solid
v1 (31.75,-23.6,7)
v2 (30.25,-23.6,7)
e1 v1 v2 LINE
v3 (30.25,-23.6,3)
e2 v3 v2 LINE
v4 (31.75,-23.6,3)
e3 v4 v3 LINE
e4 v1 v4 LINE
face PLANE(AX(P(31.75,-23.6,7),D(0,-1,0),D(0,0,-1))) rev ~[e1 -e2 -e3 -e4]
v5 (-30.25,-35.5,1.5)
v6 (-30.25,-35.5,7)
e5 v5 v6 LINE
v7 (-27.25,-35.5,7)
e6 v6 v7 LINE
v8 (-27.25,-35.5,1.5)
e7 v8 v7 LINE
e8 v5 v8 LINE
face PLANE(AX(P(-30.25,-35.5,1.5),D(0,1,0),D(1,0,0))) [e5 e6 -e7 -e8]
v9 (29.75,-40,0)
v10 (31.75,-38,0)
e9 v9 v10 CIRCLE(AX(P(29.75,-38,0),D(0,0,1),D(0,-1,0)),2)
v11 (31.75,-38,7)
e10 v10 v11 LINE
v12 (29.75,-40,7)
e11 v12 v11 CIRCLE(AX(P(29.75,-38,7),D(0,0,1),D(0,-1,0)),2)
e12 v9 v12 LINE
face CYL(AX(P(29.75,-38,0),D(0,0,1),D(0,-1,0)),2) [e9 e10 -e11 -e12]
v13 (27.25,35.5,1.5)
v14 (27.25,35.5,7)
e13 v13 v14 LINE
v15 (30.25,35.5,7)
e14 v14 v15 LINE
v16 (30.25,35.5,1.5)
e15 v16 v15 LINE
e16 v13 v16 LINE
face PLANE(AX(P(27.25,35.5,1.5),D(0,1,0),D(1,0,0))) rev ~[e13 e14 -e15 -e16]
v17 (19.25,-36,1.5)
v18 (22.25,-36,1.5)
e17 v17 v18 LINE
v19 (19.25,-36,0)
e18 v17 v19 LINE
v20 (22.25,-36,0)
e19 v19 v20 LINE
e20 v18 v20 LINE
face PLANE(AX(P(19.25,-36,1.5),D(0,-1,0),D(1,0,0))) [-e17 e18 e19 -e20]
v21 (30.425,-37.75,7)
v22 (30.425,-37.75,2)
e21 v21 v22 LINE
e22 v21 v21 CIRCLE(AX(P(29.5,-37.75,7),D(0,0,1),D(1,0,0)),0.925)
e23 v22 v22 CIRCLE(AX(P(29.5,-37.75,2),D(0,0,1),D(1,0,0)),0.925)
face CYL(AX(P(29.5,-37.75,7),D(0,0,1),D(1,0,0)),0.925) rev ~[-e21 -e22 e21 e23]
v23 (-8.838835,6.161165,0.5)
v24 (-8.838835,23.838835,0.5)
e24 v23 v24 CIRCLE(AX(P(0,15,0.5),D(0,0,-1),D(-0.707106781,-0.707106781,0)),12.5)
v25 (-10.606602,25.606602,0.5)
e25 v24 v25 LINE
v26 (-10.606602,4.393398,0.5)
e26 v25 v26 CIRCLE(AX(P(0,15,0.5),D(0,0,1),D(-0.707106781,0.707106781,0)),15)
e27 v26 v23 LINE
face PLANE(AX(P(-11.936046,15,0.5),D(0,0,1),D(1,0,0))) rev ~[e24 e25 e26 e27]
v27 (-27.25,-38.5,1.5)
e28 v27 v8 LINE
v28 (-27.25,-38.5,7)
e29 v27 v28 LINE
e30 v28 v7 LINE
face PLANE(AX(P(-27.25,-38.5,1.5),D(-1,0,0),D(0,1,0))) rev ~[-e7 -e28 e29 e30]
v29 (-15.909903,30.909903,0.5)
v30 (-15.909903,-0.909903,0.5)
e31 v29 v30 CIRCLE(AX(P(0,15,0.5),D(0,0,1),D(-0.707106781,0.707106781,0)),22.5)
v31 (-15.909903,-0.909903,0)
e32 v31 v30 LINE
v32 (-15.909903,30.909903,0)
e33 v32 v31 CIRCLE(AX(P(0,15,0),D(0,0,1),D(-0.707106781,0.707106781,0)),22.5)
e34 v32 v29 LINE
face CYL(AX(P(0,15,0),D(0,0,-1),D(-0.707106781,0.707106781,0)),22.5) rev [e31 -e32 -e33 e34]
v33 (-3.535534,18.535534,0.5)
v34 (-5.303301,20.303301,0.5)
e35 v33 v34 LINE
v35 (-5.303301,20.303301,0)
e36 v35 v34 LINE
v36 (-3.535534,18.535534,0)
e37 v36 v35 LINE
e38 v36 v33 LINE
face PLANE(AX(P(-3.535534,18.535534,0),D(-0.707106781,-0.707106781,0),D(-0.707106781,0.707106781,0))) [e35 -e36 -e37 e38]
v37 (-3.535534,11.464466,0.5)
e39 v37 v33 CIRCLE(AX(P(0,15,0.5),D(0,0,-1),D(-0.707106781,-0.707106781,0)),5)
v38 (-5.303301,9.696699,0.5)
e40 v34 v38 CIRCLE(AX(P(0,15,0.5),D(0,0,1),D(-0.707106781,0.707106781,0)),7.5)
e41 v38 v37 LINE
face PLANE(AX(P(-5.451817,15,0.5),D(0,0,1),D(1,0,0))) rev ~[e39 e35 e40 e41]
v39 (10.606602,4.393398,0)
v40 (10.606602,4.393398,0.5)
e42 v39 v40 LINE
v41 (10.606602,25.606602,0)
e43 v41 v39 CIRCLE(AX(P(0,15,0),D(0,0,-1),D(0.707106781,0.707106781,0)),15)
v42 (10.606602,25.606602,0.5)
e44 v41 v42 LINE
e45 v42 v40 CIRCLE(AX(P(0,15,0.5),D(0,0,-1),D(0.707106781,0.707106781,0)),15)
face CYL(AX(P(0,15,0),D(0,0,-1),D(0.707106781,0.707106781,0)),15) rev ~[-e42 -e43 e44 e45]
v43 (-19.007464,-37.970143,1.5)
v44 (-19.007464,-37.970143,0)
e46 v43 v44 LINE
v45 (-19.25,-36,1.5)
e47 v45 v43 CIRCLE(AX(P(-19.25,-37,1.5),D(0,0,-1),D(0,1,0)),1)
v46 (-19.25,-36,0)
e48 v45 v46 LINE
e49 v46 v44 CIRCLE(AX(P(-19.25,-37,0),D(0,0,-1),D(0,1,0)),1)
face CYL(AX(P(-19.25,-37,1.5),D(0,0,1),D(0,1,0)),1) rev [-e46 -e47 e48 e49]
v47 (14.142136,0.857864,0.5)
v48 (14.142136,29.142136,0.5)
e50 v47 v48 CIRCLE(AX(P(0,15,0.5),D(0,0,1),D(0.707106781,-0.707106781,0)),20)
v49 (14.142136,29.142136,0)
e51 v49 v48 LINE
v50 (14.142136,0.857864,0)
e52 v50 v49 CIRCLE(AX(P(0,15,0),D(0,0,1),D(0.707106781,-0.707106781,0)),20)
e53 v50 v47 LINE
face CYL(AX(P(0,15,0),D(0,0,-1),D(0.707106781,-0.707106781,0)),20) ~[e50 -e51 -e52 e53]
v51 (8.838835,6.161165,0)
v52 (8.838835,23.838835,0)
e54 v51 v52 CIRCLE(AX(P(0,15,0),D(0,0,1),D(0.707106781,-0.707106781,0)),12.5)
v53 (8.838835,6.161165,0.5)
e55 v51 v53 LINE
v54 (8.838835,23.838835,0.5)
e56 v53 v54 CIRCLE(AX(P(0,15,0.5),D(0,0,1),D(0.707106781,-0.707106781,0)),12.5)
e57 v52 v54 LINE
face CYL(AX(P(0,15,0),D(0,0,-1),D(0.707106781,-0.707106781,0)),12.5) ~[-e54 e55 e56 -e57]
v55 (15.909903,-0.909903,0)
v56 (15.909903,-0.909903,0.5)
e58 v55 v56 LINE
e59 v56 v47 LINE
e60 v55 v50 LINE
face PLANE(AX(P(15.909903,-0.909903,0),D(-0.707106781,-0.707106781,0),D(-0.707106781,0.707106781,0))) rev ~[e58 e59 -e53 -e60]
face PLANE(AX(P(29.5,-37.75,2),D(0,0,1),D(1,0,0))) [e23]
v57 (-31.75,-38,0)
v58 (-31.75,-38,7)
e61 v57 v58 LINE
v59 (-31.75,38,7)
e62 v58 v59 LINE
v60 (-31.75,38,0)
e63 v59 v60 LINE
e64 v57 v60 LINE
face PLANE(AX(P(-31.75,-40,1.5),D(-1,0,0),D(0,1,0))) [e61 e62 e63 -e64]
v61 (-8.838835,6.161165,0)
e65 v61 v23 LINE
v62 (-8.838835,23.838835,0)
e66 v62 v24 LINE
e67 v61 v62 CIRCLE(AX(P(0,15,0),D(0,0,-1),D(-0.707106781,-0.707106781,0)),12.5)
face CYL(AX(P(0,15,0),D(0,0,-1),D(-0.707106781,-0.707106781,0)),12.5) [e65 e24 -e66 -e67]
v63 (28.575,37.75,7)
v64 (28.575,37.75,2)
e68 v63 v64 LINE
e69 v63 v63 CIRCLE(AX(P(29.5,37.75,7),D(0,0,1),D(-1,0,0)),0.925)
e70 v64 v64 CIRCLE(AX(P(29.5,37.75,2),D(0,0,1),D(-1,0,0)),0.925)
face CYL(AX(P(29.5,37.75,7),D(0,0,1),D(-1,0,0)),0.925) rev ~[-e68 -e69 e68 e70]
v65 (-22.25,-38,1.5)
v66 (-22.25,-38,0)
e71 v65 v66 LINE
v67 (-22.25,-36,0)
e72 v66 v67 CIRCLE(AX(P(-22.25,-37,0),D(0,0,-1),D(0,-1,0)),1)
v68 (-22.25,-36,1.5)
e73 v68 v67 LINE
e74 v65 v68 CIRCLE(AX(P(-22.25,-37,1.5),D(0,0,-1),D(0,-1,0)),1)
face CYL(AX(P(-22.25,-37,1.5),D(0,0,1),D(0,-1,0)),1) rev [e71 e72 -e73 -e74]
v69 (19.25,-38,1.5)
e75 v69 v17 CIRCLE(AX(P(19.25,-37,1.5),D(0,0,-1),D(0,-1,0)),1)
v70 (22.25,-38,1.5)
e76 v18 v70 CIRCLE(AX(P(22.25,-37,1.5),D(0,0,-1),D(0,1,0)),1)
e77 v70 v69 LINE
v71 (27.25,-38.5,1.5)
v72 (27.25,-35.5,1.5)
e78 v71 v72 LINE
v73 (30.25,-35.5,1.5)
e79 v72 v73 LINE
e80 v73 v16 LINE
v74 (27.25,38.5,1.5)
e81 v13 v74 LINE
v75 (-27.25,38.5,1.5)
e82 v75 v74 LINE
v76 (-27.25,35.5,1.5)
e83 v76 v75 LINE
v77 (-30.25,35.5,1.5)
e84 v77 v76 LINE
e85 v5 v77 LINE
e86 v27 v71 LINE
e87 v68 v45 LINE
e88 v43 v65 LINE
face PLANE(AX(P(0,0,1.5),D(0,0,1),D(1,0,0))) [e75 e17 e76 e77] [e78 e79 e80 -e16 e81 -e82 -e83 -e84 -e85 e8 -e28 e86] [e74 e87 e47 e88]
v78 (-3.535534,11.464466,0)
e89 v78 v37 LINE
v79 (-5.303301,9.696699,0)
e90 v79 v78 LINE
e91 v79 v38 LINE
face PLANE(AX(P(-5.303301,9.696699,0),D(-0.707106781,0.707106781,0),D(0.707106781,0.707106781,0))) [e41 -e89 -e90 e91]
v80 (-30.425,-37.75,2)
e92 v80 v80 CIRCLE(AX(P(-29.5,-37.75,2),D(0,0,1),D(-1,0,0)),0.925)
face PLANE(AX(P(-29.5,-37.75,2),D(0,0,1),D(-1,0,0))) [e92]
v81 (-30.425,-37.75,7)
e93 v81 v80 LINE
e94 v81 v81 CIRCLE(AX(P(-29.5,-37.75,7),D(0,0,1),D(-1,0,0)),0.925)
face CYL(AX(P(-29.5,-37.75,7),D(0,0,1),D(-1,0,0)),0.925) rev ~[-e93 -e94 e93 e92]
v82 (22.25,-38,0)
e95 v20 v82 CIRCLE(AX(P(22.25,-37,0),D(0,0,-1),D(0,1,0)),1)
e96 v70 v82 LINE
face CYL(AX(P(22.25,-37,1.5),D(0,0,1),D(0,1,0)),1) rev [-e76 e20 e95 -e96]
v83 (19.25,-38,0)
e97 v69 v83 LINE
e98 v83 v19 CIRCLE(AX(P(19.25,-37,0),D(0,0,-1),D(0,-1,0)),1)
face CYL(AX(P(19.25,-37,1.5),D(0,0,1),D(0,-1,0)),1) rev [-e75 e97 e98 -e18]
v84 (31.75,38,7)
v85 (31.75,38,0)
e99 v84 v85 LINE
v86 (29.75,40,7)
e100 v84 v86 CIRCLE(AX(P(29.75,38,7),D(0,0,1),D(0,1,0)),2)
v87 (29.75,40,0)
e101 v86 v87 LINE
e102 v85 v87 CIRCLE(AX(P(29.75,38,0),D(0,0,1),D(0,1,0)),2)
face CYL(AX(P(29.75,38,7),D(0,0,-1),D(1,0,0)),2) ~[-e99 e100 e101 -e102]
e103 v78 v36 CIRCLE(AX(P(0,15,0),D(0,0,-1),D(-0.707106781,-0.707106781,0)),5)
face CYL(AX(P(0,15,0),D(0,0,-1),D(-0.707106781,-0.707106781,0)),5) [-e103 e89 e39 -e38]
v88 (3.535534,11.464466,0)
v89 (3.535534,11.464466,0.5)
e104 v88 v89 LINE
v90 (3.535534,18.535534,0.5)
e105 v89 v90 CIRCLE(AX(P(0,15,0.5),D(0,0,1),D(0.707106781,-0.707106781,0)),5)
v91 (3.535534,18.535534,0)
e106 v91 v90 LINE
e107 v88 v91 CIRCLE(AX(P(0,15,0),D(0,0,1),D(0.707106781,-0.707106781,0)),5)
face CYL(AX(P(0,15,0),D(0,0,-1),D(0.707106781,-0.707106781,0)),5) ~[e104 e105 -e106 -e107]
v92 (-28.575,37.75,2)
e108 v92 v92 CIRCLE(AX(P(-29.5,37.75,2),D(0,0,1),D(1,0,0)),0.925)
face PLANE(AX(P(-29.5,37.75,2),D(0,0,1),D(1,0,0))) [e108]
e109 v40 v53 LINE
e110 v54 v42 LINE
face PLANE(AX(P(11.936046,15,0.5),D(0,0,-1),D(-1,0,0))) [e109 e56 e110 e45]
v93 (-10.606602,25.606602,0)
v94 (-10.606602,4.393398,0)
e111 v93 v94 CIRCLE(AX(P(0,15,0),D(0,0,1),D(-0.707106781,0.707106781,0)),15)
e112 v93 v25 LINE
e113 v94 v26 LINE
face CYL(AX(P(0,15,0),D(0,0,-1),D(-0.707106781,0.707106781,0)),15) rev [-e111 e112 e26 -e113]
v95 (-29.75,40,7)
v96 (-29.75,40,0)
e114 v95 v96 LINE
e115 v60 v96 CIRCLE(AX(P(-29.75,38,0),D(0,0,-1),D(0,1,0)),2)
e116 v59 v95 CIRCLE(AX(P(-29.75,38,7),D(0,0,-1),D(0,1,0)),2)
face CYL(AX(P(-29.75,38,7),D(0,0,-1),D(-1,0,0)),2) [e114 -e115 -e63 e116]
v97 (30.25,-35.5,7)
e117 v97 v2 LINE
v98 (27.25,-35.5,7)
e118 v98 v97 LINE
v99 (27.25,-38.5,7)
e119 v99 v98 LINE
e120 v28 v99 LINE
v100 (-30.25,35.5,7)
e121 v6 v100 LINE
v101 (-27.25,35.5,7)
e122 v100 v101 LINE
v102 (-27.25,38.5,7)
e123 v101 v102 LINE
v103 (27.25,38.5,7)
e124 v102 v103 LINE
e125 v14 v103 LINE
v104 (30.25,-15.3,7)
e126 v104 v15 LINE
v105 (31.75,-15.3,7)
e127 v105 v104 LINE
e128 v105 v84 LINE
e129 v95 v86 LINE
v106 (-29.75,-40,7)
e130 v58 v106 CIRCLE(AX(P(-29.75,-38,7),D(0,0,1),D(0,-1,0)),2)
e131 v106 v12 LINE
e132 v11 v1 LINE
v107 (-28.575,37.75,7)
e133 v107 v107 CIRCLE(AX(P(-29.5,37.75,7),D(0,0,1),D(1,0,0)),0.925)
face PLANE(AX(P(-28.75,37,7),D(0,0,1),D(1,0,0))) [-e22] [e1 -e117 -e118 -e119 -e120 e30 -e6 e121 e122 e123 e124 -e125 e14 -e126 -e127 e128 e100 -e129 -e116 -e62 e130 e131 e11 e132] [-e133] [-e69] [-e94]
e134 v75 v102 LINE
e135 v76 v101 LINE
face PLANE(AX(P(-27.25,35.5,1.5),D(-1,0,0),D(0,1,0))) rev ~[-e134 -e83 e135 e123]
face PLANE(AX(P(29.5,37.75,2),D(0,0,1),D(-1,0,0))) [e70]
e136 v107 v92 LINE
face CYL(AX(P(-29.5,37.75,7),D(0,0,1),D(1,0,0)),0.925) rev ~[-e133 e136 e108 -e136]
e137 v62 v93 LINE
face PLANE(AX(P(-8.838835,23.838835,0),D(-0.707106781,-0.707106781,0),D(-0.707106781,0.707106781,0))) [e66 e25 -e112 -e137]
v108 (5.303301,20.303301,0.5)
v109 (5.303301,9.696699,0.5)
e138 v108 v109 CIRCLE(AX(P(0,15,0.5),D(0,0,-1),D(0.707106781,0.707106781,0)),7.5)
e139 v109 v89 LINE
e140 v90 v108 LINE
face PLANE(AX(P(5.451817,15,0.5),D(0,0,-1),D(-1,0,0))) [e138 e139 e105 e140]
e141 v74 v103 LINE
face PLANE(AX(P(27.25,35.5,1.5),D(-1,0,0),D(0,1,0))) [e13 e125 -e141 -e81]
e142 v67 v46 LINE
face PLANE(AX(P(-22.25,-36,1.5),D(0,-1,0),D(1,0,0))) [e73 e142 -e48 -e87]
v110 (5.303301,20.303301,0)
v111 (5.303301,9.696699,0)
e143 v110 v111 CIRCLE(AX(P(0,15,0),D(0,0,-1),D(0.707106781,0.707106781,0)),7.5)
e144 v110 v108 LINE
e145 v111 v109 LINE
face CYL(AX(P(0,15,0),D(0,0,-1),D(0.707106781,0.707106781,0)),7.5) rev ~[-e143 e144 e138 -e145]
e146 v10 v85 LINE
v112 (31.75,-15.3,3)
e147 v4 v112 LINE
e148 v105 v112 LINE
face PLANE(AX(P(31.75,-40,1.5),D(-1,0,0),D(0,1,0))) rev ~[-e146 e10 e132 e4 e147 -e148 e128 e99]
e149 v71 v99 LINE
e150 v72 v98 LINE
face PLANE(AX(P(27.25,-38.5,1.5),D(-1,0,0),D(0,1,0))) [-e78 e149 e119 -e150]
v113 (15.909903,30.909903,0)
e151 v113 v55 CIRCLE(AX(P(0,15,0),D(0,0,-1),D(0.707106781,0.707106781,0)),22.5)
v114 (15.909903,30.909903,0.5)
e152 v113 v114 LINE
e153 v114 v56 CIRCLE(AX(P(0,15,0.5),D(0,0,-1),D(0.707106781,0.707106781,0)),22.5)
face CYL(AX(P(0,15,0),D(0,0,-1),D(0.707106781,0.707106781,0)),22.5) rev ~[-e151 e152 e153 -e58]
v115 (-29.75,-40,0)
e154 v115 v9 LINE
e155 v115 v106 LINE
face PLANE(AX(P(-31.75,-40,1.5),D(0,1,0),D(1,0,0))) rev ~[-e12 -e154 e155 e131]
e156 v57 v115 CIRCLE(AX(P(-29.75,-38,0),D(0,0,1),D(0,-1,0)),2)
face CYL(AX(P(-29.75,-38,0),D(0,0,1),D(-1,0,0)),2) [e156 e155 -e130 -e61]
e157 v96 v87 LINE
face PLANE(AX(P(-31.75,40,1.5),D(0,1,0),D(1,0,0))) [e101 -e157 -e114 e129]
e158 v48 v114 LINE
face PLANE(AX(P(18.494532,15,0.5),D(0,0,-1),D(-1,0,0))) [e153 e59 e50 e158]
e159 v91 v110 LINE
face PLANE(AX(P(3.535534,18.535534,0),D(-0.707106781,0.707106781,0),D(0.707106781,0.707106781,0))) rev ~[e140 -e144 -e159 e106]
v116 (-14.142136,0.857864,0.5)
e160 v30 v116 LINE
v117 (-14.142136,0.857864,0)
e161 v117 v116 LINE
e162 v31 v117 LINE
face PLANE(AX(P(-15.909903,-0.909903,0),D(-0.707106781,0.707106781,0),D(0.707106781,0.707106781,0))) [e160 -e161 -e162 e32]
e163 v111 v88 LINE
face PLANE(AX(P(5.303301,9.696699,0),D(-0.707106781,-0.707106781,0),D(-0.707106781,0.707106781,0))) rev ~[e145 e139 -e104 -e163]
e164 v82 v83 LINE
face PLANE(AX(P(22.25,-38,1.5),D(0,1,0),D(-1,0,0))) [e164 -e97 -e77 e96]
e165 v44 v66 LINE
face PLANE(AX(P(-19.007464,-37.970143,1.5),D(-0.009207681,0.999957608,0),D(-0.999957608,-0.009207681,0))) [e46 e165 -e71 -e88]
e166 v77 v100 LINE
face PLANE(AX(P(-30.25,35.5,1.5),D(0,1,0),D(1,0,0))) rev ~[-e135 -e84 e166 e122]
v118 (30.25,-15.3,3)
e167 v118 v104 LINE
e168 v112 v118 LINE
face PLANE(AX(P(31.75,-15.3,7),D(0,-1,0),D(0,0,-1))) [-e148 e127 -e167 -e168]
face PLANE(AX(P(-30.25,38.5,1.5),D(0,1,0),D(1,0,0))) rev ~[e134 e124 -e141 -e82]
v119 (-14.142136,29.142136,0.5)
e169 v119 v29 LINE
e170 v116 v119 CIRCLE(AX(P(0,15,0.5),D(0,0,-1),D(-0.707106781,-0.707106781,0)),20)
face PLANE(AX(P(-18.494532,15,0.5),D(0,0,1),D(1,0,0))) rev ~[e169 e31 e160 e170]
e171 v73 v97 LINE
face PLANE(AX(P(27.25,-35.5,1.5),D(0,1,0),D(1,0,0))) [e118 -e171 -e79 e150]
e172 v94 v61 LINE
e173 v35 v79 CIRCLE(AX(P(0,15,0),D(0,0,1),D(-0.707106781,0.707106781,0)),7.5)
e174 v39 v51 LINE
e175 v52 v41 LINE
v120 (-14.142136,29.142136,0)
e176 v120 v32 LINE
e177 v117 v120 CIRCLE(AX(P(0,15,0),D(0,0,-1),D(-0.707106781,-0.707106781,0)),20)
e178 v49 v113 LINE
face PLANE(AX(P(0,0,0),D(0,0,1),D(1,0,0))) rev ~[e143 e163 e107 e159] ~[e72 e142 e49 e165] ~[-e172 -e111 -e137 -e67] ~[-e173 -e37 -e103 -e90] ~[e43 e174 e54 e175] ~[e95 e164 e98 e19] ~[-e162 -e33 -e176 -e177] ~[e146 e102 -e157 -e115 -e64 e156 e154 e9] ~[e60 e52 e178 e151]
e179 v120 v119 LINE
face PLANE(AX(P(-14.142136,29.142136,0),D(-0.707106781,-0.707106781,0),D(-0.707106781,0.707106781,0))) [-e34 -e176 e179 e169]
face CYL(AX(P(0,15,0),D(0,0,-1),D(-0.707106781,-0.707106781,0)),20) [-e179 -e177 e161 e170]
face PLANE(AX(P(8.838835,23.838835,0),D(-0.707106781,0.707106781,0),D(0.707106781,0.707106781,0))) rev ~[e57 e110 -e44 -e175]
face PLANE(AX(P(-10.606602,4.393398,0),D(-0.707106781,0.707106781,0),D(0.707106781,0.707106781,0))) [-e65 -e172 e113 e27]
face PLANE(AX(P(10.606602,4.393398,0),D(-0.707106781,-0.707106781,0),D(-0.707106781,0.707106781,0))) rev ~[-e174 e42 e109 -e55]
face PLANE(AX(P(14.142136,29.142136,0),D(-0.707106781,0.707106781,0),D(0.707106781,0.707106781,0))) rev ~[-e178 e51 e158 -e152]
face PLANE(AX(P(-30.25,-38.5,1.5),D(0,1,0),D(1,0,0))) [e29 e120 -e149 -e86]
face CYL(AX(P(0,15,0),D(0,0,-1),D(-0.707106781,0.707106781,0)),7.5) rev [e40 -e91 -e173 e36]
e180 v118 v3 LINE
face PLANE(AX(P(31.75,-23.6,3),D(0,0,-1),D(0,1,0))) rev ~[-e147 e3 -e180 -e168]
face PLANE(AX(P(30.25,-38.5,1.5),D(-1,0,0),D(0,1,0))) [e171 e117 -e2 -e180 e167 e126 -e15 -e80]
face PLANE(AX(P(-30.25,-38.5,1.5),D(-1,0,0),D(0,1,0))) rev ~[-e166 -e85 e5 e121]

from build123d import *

# Parameters (mm, degrees)
IZIM1_W                     = 63.5
IZIM1_H                     = 80
Y_KSEKLIK_EKSTR_ZYON1_DEPTH = 1.5
IZIM2_W                     = 63.5
IZIM2_H                     = 80
IZIM2_W_2                   = 60.5
IZIM2_H_2                   = 77
Y_KSEKLIK_EKSTR_ZYON2_DEPTH = 5.5
RADYUS1_R                   = 2
KES_EKSTR_ZYON2_DEPTH       = 0.5
IZIM8_W                     = 3
IZIM8_H                     = 3
Y_KSEKLIK_EKSTR_ZYON4_DEPTH = 5.5
IZIM9_R                     = 0.925
KES_EKSTR_ZYON4_DEPTH       = 5
IZIM10_W                    = 4
IZIM10_H                    = 8.3
KES_EKSTR_ZYON5_DEPTH       = 2
KES_EKSTR_ZYON6_DEPTH       = 1.5


with BuildPart() as part:
    # Çizim1 → Yükseklik-Ekstrüzyon1 (new body)
    with BuildSketch(Plane.XY):
        Rectangle(IZIM1_W, IZIM1_H)
    extrude(amount=Y_KSEKLIK_EKSTR_ZYON1_DEPTH)

    # Çizim2 → Yükseklik-Ekstrüzyon2 (add)
    with BuildSketch(Plane.XY.offset(1.5)):
        Rectangle(IZIM2_W, IZIM2_H)
        Rectangle(IZIM2_W_2, IZIM2_H_2, mode=Mode.SUBTRACT)
    extrude(amount=Y_KSEKLIK_EKSTR_ZYON2_DEPTH)

    # Radyus1
    radyus1_edges = [part.edges().sort_by_distance(p)[0] for p in [
        (31.75, -40, 3.5),
        (-31.75, -40, 3.5),
        (-31.75, 40, 3.5),
        (31.75, 40, 3.5),
    ]]
    fillet(radyus1_edges, radius=RADYUS1_R)

    # Çizim6 → Kes-Ekstrüzyon2 (cut)
    with BuildSketch(Plane(origin=(0, 0, 0), x_dir=(-1, 0, 0), z_dir=(0, 0, -1))):
        with BuildLine():
            Line((-3.535533906, 18.535533906), (-5.303300859, 20.303300859))
            ThreePointArc((-5.303300859, 20.303300859), (-7.5, 15), (-5.303300859, 9.696699141))
            Line((-5.303300859, 9.696699141), (-3.535533906, 11.464466094))
            ThreePointArc((-3.535533906, 11.464466094), (-5, 15), (-3.535533906, 18.535533906))
        make_face()
        with BuildLine():
            Line((3.535533906, 18.535533906), (5.303300859, 20.303300859))
            ThreePointArc((5.303300859, 20.303300859), (7.5, 15), (5.303300859, 9.696699141))
            Line((5.303300859, 9.696699141), (3.535533906, 11.464466094))
            ThreePointArc((3.535533906, 11.464466094), (5, 15), (3.535533906, 18.535533906))
        make_face()
        with BuildLine():
            Line((-8.838834765, 23.838834765), (-10.606601718, 25.606601718))
            ThreePointArc((-10.606601718, 25.606601718), (-15, 15), (-10.606601718, 4.393398282))
            Line((-10.606601718, 4.393398282), (-8.838834765, 6.161165235))
            ThreePointArc((-8.838834765, 6.161165235), (-12.5, 15), (-8.838834765, 23.838834765))
        make_face()
        with BuildLine():
            Line((-14.142135624, 29.142135624), (-15.909902577, 30.909902577))
            ThreePointArc((-15.909902577, 30.909902577), (-22.5, 15), (-15.909902577, -0.909902577))
            Line((-15.909902577, -0.909902577), (-14.142135624, 0.857864376))
            ThreePointArc((-14.142135624, 0.857864376), (-20, 15), (-14.142135624, 29.142135624))
        make_face()
        with BuildLine():
            Line((8.838834765, 23.838834765), (10.606601718, 25.606601718))
            ThreePointArc((10.606601718, 25.606601718), (15, 15), (10.606601718, 4.393398282))
            Line((10.606601718, 4.393398282), (8.838834765, 6.161165235))
            ThreePointArc((8.838834765, 6.161165235), (12.5, 15), (8.838834765, 23.838834765))
        make_face()
        with BuildLine():
            Line((14.142135624, 29.142135624), (15.909902577, 30.909902577))
            ThreePointArc((15.909902577, 30.909902577), (22.5, 15), (15.909902577, -0.909902577))
            Line((15.909902577, -0.909902577), (14.142135624, 0.857864376))
            ThreePointArc((14.142135624, 0.857864376), (20, 15), (14.142135624, 29.142135624))
        make_face()
    extrude(amount=-KES_EKSTR_ZYON2_DEPTH, mode=Mode.SUBTRACT)

    # Çizim8 → Yükseklik-Ekstrüzyon4 (add)
    with BuildSketch(Plane.XY.offset(1.5)):
        with Locations((-28.75, 37)):
            Rectangle(IZIM8_W, IZIM8_H)
        with Locations((28.75, 37)):
            Rectangle(IZIM8_W, IZIM8_H)
        with Locations((28.75, -37)):
            Rectangle(IZIM8_W, IZIM8_H)
        with Locations((-28.75, -37)):
            Rectangle(IZIM8_W, IZIM8_H)
    extrude(amount=Y_KSEKLIK_EKSTR_ZYON4_DEPTH)

    # Çizim9 → Kes-Ekstrüzyon4 (cut)
    with BuildSketch(Plane.XY.offset(7)):
        with Locations((-29.5, 37.75)):
            Circle(IZIM9_R)
        with Locations(Location((29.5, 37.75, 0), (0, 0, 180))):
            Circle(IZIM9_R)
        with Locations((29.5, -37.75)):
            Circle(IZIM9_R)
        with Locations(Location((-29.5, -37.75, 0), (0, 0, 180))):
            Circle(IZIM9_R)
    extrude(amount=-KES_EKSTR_ZYON4_DEPTH, mode=Mode.SUBTRACT)

    # Çizim10 → Kes-Ekstrüzyon5 (cut)
    with BuildSketch(Plane(origin=(31.75, 0, 0), x_dir=(0, 0, -1), z_dir=(1, 0, 0))):
        with Locations((-5, -19.45)):
            Rectangle(IZIM10_W, IZIM10_H)
    extrude(amount=-KES_EKSTR_ZYON5_DEPTH, mode=Mode.SUBTRACT)

    # Çizim11 → Kes-Ekstrüzyon6 (cut)
    with BuildSketch(Plane.XY.offset(1.5)):
        with BuildLine():
            Line((-22.25, -36), (-19.25, -36))
            ThreePointArc((-19.25, -36), (-18.257492443, -36.877816736), (-19.007464375, -37.9701425))
            Line((-19.007464375, -37.9701425), (-22.25, -38))
            ThreePointArc((-22.25, -38), (-23.25, -37), (-22.25, -36))
        make_face()
        with BuildLine():
            Line((19.25, -36), (22.25, -36))
            ThreePointArc((22.25, -36), (23.25, -37), (22.25, -38))
            Line((22.25, -38), (19.25, -38))
            ThreePointArc((19.25, -38), (18.25, -37), (19.25, -36))
        make_face()
    extrude(amount=-KES_EKSTR_ZYON6_DEPTH, mode=Mode.SUBTRACT)


solid = part.part
